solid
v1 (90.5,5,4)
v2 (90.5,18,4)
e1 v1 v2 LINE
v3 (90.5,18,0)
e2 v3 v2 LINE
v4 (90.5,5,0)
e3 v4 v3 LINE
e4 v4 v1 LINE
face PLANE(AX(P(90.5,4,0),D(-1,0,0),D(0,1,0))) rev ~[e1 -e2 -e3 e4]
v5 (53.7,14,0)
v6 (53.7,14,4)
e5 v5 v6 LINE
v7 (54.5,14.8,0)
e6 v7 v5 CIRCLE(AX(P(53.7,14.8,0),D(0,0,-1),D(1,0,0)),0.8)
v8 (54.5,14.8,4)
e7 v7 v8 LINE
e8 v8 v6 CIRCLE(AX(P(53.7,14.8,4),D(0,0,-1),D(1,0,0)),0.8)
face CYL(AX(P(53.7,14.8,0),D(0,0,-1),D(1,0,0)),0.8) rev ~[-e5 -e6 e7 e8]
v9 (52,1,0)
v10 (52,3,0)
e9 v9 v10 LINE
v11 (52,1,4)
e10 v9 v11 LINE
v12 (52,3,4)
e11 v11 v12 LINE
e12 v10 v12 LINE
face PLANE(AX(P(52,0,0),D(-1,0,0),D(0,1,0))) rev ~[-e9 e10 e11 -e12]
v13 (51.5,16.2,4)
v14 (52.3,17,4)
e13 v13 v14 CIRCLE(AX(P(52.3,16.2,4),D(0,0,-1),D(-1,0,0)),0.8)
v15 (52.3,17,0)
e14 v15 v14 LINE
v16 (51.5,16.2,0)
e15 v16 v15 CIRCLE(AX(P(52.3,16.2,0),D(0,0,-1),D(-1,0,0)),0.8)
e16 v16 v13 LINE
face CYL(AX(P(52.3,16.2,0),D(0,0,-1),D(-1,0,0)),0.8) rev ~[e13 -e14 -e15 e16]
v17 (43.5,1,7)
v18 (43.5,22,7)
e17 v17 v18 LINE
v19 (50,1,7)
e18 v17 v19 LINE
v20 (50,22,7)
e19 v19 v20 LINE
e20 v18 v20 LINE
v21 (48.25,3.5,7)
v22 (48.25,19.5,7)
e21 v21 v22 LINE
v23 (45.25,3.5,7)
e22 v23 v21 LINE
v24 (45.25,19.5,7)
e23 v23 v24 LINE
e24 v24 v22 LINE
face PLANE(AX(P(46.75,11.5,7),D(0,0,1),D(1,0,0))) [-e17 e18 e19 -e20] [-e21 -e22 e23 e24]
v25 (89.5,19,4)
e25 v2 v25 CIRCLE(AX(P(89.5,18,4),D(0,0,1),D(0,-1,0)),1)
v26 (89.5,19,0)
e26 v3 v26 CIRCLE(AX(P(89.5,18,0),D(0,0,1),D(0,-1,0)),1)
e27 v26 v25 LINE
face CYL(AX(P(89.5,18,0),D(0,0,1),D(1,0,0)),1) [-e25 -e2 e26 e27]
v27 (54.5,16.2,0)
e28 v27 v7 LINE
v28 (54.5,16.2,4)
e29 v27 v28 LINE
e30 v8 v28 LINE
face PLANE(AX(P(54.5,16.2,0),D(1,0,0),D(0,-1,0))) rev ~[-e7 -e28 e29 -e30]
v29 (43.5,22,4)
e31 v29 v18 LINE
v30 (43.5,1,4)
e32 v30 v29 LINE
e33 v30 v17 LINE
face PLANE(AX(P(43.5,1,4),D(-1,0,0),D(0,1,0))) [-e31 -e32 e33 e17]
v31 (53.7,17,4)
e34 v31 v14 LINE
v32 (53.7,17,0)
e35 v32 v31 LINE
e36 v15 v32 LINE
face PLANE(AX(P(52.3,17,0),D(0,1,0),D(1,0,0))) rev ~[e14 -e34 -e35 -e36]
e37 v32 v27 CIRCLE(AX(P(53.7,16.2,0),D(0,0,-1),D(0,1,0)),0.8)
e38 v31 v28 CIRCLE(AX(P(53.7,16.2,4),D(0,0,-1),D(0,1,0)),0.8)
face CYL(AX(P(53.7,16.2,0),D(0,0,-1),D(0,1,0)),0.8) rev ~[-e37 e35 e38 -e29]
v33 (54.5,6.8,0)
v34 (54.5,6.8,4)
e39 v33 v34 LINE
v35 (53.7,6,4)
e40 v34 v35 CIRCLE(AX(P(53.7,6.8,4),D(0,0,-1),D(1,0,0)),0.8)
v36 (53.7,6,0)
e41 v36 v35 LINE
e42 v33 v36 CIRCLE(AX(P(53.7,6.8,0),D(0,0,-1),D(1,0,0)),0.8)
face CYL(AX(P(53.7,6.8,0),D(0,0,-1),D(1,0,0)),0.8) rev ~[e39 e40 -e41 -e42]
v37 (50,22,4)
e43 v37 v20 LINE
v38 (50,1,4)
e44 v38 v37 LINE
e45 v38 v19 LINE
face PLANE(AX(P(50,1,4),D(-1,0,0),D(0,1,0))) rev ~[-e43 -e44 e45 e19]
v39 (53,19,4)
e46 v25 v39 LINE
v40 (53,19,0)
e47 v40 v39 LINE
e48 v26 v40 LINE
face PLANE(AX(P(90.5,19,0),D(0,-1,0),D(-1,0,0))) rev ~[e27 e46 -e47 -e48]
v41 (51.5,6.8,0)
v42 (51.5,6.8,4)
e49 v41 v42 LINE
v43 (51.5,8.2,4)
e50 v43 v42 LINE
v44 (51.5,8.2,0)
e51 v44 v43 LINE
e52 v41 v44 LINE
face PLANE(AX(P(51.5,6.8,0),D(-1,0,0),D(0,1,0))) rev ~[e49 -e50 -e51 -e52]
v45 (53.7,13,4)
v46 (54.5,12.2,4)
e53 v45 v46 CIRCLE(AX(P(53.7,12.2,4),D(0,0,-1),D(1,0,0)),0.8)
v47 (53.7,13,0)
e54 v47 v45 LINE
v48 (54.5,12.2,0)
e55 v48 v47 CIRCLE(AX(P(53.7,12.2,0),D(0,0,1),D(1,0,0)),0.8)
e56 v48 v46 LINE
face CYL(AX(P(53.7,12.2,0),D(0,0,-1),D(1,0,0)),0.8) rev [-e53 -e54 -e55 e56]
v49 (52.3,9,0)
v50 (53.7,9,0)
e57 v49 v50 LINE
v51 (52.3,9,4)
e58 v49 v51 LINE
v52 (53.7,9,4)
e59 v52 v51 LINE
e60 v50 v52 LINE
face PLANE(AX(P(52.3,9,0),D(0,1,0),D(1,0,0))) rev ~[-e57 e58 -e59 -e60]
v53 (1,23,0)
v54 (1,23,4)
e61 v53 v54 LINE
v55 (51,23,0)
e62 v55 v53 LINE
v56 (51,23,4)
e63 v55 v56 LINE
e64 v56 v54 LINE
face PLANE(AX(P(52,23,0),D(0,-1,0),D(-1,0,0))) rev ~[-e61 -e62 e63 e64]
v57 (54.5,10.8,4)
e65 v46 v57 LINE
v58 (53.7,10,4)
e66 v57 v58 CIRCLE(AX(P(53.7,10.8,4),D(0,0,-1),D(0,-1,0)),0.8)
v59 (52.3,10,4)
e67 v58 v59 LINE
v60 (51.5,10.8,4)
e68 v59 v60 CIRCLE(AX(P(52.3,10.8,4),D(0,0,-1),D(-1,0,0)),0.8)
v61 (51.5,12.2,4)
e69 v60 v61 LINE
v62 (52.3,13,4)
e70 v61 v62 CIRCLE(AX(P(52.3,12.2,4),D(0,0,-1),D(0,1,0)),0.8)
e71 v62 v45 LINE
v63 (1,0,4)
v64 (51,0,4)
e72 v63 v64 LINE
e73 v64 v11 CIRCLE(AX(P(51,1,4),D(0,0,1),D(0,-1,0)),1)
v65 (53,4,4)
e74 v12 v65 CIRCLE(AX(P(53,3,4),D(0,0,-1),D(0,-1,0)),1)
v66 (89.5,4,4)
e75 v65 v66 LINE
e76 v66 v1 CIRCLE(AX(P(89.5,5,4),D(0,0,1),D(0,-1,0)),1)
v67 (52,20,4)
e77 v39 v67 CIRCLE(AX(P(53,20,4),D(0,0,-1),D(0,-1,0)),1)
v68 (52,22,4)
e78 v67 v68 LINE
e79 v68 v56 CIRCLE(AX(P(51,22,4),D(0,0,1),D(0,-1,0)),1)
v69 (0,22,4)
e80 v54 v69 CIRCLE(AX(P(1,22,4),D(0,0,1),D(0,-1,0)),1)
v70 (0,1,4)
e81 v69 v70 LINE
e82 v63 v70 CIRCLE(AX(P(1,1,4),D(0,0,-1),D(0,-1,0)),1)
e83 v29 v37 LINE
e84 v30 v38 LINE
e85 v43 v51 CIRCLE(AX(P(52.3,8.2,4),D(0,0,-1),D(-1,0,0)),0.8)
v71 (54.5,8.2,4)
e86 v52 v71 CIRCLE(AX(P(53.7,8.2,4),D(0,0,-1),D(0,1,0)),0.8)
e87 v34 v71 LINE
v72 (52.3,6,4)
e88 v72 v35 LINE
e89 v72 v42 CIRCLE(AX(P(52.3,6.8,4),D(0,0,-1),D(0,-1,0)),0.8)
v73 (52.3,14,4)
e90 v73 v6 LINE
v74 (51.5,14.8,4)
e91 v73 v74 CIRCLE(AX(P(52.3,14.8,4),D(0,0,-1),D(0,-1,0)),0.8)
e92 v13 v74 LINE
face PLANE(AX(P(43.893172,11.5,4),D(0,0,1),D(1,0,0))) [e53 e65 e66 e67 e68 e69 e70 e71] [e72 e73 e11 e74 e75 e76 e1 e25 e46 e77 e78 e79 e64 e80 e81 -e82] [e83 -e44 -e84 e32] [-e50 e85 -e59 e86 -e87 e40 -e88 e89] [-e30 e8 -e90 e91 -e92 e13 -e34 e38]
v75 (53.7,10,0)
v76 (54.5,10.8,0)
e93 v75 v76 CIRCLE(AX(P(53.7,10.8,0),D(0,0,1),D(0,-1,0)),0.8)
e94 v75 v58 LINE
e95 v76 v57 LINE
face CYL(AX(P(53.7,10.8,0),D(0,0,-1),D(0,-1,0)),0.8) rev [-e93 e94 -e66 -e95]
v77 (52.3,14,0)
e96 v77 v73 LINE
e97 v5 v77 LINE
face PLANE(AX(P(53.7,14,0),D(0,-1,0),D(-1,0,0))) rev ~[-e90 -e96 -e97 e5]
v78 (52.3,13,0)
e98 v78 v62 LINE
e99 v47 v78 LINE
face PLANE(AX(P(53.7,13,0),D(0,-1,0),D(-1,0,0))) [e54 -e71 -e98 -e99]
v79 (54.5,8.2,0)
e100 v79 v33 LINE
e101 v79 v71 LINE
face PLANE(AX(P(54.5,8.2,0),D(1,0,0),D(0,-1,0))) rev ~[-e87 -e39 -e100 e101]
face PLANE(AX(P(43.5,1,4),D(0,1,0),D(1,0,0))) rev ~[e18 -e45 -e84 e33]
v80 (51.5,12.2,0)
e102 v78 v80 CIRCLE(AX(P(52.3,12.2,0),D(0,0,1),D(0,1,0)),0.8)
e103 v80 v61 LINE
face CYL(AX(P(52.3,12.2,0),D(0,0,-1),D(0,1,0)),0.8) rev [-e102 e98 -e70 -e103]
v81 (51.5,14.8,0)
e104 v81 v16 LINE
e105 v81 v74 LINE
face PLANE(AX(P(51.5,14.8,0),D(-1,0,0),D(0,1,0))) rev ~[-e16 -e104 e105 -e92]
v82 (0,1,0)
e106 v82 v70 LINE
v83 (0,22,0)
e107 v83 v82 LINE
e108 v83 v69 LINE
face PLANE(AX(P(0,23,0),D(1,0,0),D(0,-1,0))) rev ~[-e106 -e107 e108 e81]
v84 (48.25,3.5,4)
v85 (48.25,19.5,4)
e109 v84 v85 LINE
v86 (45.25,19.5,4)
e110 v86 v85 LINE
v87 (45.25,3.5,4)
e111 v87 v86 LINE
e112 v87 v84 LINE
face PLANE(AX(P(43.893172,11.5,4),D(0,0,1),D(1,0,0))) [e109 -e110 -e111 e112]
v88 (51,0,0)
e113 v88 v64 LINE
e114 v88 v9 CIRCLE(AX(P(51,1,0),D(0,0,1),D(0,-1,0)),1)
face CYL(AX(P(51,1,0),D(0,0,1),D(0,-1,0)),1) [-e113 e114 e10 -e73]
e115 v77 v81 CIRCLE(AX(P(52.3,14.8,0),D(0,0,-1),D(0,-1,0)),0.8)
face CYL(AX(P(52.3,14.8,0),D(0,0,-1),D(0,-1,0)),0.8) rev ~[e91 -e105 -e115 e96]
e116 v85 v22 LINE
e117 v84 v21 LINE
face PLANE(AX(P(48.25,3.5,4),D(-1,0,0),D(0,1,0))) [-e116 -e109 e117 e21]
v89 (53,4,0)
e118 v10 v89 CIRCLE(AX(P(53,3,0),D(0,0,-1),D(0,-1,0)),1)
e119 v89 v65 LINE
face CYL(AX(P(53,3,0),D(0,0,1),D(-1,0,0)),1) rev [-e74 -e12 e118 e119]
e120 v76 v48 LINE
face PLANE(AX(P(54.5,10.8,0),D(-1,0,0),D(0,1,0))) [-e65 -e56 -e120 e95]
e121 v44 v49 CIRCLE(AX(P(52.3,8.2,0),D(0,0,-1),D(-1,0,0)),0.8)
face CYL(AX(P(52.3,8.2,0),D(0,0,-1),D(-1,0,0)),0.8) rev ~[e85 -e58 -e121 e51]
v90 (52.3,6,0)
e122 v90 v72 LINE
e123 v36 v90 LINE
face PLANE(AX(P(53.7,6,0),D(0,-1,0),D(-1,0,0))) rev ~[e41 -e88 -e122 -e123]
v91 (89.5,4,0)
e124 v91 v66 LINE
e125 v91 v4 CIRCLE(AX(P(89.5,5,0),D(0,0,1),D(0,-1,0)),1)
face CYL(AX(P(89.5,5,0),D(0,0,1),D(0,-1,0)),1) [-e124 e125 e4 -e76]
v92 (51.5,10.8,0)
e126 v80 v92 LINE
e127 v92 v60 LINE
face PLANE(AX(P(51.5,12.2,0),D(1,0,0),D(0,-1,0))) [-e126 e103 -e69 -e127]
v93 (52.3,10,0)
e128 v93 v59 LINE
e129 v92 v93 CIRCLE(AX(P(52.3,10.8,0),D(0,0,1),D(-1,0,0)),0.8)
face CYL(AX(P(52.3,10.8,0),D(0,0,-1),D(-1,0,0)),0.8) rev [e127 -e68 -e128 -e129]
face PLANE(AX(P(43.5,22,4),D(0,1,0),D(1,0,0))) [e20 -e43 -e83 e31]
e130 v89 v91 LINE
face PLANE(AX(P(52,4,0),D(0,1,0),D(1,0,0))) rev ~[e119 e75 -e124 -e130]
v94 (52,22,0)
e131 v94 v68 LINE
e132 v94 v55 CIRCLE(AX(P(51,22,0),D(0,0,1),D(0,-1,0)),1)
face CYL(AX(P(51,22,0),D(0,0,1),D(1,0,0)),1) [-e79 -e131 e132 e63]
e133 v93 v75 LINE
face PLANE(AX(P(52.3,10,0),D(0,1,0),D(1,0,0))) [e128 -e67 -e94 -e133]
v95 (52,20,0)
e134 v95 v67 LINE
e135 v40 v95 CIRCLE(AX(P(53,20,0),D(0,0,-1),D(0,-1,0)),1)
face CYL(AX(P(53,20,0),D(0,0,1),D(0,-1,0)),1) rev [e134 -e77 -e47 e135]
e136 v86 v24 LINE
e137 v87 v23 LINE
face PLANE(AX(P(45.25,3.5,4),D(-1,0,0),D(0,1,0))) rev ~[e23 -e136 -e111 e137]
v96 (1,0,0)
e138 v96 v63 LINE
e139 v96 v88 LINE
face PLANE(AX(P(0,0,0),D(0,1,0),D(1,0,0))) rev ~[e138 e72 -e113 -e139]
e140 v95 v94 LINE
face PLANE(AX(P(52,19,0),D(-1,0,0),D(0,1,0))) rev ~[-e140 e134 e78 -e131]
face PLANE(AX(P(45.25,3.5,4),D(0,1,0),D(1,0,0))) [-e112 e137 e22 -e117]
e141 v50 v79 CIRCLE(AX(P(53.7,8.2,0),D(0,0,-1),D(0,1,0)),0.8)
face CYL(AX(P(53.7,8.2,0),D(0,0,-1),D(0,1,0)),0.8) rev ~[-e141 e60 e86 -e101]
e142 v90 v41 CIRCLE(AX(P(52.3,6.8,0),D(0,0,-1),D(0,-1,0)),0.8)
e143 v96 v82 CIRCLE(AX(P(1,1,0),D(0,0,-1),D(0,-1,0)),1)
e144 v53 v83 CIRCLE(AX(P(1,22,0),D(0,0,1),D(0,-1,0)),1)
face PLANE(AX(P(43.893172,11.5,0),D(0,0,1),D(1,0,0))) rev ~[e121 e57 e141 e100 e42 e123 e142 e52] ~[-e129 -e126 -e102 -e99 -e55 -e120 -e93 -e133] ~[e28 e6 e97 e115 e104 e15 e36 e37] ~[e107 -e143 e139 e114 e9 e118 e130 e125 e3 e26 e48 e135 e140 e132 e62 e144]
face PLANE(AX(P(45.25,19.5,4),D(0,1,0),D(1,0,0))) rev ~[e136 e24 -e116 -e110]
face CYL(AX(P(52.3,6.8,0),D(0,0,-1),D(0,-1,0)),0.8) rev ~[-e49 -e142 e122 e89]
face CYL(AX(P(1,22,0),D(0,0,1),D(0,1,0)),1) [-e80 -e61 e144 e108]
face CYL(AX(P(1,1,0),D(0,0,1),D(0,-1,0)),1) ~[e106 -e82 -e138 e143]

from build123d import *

# Parameters (mm, degrees)
BOSS_EXTRUDE1_DEPTH = 4
FILLET1_R           = 1
SKETCH2_W           = 6.5
SKETCH2_H           = 21
SKETCH2_W_2         = 3
SKETCH2_H_2         = 16
BOSS_EXTRUDE2_DEPTH = 3
CUT_EXTRUDE3_DEPTH  = 94.63893421


with BuildPart() as part:
    # Sketch1 → Boss-Extrude1 (new body)
    with BuildSketch(Plane.XY):
        Polygon((0, 0), (52, 0), (52, 4), (90.5, 4), (90.5, 19), (52, 19), (52, 23), (0, 23), align=None)
    extrude(amount=BOSS_EXTRUDE1_DEPTH)

    # Fillet1
    fillet1_edges = [part.edges().sort_by_distance(p)[0] for p in [
        (0, 23, 2),
        (52, 23, 2),
        (52, 19, 2),
        (90.5, 19, 2),
        (90.5, 4, 2),
        (52, 4, 2),
        (52, 0, 2),
        (0, 0, 2),
    ]]
    fillet(fillet1_edges, radius=FILLET1_R)

    # Sketch2 → Boss-Extrude2 (add)
    with BuildSketch(Plane.XY.offset(4)):
        with Locations((46.75, 11.5)):
            Rectangle(SKETCH2_W, SKETCH2_H)
        with Locations((46.75, 11.5)):
            Rectangle(SKETCH2_W_2, SKETCH2_H_2, mode=Mode.SUBTRACT)
    extrude(amount=BOSS_EXTRUDE2_DEPTH)

    # Sketch3 → Cut-Extrude3 (cut, through all)
    with BuildSketch(Plane(origin=(0, 0, 0), x_dir=(-1, 0, 0), z_dir=(0, 0, -1))):
        with BuildLine():
            Line((-53.7, 14), (-52.3, 14))
            ThreePointArc((-52.3, 14), (-51.734314575, 14.234314575), (-51.5, 14.8))
            Line((-51.5, 14.8), (-51.5, 16.2))
            ThreePointArc((-51.5, 16.2), (-51.734314575, 16.765685425), (-52.3, 17))
            Line((-52.3, 17), (-53.7, 17))
            ThreePointArc((-53.7, 17), (-54.265685425, 16.765685425), (-54.5, 16.2))
            Line((-54.5, 16.2), (-54.5, 14.8))
            ThreePointArc((-54.5, 14.8), (-54.265685425, 14.234314575), (-53.7, 14))
        make_face()
        with BuildLine():
            Line((-52.3, 10), (-53.7, 10))
            ThreePointArc((-53.7, 10), (-54.265685425, 10.234314575), (-54.5, 10.8))
            Line((-54.5, 10.8), (-54.5, 12.2))
            ThreePointArc((-54.5, 12.2), (-54.265685425, 12.765685425), (-53.7, 13))
            Line((-53.7, 13), (-52.3, 13))
            ThreePointArc((-52.3, 13), (-51.734314575, 12.765685425), (-51.5, 12.2))
            Line((-51.5, 12.2), (-51.5, 10.8))
            ThreePointArc((-51.5, 10.8), (-51.734314575, 10.234314575), (-52.3, 10))
        make_face()
        with BuildLine():
            Line((-53.7, 6), (-52.3, 6))
            ThreePointArc((-52.3, 6), (-51.734314575, 6.234314575), (-51.5, 6.8))
            Line((-51.5, 6.8), (-51.5, 8.2))
            ThreePointArc((-51.5, 8.2), (-51.734314575, 8.765685425), (-52.3, 9))
            Line((-52.3, 9), (-53.7, 9))
            ThreePointArc((-53.7, 9), (-54.265685425, 8.765685425), (-54.5, 8.2))
            Line((-54.5, 8.2), (-54.5, 6.8))
            ThreePointArc((-54.5, 6.8), (-54.265685425, 6.234314575), (-53.7, 6))
        make_face()
    extrude(amount=-CUT_EXTRUDE3_DEPTH, mode=Mode.SUBTRACT)


solid = part.part
